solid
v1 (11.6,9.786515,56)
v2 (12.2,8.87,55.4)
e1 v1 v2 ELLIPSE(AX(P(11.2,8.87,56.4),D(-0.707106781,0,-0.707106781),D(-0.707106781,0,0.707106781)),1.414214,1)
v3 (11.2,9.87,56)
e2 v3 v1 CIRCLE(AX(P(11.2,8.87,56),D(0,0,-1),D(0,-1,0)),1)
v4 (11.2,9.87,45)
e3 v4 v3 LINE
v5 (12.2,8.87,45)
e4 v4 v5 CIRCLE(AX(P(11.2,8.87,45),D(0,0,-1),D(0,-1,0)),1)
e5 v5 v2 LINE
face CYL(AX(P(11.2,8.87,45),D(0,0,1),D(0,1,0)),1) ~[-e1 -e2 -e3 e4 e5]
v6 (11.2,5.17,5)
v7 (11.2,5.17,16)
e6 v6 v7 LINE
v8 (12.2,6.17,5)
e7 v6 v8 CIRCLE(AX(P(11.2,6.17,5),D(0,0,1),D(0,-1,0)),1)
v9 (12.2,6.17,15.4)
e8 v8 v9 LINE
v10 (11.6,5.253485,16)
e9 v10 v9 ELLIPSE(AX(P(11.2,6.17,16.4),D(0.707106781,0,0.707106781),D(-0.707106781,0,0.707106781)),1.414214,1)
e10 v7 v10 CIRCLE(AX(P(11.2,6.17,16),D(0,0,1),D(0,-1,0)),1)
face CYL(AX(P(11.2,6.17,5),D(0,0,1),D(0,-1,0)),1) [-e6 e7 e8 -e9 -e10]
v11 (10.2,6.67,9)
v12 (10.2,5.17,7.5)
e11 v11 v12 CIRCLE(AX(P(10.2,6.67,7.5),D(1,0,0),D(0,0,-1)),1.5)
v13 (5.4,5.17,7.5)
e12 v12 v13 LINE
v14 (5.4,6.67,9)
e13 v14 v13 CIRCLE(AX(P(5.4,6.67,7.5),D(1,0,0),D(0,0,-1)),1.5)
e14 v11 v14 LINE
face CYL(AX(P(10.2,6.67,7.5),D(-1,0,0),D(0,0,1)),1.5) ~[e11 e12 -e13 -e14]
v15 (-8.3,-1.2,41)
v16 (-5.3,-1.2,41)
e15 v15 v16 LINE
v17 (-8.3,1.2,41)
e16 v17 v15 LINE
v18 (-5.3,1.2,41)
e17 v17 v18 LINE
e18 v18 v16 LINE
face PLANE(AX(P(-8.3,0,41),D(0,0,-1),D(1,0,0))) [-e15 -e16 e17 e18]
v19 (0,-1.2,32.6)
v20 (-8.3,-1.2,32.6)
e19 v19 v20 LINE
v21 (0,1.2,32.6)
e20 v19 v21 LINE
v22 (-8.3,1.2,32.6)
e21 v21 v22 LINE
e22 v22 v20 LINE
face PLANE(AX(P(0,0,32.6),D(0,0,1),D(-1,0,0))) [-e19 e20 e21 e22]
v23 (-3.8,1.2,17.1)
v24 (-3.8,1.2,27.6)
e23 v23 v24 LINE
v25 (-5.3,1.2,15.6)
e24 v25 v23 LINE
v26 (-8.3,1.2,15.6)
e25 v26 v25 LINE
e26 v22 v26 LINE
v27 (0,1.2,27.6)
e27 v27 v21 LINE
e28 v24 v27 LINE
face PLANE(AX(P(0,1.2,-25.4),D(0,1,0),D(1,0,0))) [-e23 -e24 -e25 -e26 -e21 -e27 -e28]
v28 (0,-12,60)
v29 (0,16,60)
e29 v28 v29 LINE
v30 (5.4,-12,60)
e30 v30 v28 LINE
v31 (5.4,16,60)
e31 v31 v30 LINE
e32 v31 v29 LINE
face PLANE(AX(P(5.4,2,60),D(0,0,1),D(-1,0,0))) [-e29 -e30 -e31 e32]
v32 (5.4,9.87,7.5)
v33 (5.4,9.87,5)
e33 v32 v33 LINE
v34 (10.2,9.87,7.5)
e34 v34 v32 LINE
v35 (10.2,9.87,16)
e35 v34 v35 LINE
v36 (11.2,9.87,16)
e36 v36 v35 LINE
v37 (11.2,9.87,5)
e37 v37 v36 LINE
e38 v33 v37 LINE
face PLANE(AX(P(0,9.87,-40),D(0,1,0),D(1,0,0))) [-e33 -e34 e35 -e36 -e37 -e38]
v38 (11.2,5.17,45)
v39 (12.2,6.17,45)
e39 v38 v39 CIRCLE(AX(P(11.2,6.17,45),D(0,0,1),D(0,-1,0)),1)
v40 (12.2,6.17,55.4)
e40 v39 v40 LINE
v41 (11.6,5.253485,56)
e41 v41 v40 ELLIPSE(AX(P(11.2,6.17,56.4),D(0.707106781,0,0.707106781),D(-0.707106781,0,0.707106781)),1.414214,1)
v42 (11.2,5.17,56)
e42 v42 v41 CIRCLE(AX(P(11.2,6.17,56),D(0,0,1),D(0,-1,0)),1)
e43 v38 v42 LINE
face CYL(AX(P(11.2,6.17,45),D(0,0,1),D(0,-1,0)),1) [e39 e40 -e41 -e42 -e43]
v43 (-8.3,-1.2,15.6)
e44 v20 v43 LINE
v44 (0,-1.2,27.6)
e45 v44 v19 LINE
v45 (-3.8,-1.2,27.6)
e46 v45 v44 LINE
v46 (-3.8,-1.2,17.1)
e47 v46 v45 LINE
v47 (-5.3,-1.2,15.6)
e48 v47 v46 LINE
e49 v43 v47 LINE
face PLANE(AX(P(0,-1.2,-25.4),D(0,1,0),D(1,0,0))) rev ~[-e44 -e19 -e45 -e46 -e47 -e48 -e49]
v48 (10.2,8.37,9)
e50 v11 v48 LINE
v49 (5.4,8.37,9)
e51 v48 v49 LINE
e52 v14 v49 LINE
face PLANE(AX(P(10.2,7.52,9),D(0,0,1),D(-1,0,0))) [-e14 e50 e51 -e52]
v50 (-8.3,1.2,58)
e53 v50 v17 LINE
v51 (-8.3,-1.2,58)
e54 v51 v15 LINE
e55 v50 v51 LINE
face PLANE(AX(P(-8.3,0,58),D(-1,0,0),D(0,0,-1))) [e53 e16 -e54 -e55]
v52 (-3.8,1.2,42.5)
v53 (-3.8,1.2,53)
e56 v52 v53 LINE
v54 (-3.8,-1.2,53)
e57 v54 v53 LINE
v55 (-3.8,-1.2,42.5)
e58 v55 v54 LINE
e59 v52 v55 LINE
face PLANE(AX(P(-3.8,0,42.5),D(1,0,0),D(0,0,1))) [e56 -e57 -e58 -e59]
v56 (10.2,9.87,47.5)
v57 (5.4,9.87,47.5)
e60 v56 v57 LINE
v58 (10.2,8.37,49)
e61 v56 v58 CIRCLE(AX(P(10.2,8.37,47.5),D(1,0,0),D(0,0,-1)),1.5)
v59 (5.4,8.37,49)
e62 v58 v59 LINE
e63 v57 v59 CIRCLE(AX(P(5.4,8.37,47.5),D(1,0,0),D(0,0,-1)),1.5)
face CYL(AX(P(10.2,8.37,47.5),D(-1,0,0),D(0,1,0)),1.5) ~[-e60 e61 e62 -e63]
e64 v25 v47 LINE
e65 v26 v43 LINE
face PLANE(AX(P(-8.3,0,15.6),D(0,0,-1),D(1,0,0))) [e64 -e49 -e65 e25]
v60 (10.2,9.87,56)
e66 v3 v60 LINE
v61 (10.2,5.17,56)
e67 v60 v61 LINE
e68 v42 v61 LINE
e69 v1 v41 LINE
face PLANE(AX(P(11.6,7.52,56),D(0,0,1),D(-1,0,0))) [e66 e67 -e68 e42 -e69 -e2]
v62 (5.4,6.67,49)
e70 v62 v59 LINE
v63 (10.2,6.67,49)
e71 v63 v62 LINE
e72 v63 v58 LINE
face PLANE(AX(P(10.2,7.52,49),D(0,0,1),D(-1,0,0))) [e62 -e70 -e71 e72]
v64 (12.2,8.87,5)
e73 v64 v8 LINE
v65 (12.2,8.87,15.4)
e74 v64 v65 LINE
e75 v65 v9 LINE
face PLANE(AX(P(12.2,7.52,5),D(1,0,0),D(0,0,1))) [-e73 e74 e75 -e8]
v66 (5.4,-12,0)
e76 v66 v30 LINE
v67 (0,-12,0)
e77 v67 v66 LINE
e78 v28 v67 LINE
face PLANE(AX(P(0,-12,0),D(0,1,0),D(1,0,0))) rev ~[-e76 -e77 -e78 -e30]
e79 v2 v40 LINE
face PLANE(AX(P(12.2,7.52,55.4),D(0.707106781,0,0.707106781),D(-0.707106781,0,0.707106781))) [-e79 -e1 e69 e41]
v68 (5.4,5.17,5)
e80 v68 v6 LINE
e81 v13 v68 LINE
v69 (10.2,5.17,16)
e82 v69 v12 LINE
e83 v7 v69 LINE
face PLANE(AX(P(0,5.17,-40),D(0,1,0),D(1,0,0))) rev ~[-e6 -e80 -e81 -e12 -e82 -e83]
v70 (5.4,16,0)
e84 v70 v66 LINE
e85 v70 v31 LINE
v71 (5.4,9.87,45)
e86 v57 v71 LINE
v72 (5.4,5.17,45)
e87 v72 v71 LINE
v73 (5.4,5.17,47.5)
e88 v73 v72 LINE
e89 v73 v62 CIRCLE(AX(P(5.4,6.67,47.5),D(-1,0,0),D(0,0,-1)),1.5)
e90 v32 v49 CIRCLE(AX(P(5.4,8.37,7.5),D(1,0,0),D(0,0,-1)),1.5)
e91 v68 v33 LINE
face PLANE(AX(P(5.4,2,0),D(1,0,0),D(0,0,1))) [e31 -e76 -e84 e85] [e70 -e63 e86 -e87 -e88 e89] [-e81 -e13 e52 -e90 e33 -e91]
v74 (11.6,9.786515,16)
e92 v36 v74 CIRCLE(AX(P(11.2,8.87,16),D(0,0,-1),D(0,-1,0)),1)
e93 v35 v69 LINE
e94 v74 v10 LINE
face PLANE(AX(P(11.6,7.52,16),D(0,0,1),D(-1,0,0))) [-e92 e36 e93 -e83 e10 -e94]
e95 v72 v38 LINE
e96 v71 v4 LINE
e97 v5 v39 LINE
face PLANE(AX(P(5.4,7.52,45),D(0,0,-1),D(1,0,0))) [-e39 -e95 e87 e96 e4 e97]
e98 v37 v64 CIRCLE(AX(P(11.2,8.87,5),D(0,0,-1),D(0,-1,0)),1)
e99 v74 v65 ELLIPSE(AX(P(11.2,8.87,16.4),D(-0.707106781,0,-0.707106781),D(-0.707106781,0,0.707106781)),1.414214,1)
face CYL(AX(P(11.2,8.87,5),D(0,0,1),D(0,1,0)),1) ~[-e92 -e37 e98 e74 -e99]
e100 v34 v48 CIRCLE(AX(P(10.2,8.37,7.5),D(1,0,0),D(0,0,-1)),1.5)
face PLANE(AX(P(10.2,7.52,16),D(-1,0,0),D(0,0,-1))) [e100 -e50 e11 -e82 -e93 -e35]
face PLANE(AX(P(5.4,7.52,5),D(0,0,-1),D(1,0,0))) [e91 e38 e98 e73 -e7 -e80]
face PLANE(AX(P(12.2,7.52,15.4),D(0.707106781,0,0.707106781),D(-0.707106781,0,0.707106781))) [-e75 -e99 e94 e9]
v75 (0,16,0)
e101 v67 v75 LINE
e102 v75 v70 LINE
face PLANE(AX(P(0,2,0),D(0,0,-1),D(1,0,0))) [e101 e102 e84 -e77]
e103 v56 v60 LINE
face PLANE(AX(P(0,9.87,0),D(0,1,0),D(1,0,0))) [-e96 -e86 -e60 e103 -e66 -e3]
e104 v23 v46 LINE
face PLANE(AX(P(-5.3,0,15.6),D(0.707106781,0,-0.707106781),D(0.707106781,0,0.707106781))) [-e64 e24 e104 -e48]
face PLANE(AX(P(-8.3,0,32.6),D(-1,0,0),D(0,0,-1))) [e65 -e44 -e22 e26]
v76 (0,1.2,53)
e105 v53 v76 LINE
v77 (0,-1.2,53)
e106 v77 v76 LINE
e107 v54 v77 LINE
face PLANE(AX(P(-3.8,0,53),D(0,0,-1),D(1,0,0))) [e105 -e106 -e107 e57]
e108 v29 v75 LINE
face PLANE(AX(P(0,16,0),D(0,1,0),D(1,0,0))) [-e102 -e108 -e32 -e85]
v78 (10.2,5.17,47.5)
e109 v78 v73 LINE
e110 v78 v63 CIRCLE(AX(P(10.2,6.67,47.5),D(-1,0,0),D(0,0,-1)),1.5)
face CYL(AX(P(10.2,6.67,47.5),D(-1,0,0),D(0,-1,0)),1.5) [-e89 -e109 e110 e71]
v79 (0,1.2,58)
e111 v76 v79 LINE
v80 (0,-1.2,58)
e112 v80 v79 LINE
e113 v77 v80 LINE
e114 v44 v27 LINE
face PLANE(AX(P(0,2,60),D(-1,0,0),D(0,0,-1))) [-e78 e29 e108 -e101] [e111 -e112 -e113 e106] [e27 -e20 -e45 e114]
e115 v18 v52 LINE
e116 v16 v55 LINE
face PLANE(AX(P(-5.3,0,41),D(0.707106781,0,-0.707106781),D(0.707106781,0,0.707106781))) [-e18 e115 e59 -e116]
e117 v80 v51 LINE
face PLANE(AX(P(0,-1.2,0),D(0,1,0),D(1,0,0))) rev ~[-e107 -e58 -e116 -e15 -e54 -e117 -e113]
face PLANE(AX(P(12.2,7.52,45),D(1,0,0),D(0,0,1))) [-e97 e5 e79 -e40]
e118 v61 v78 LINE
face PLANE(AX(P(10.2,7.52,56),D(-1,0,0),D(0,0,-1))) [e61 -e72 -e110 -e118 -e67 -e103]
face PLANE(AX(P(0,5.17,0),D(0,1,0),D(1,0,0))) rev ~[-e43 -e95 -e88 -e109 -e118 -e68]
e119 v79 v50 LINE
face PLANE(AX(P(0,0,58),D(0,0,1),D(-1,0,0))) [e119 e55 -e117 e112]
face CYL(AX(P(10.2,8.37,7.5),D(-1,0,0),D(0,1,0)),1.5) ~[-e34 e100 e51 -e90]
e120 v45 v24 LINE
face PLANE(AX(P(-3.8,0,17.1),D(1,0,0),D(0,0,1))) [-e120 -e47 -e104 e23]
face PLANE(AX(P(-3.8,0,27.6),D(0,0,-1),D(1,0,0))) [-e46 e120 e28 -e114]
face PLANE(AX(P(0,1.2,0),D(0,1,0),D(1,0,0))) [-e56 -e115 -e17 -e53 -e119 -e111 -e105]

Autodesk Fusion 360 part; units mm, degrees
sketch "Plate" plane through (0, 0, 0) normal (0, 1, 0) x (1, 0, 0)
  line L0 (0, 0) -> (5.4, 0)
  line L1 (5.4, 0) -> (5.4, -60)
  line L2 (5.4, -60) -> (0, -60)
  line L3 (0, -60) -> (0, 0)
  dimension "d276" = 5.4
  dimension "d277" = 60
extrude "Plate (1)" add sketch "Plate" along normal mid plane 28 from surface at 2
sketch "Hook profile" plane through (0, 0, 0) normal (0, 1, 0) x (1, 0, 0)
  line L0 (0, -58) -> (-8.3, -58)
  line L1 (-8.3, -58) -> (-8.3, -41)
  line L2 (-8.3, -41) -> (-5.3, -41)
  line L3 (-5.3, -41) -> (-3.8, -42.5)
  line L4 (-3.8, -42.5) -> (-3.8, -53)
  line L5 (-3.8, -53) -> (0, -53)
  line L6 (0, -53) -> (0, -58)
  dimension "d281" = 58
  dimension "d282" = 8.3
  dimension "d283" = 3.8
  dimension "d284" = 5
  dimension "d285" = 10.5
  dimension "d286" = 1.5
  dimension "d287" = 1.5
extrude "Hook profile (1)" add sketch "Hook profile" along normal mid plane 2.4
pattern_linear "Hook rows" count 2 spacing 25.4 along (0, 0, -1) count 3 spacing 0 along (0, 0, 1) of "Hook profile (1)"
sketch "Peg profile" plane through (0, 0, 0) normal (0, 1, 0) x (1, 0, 0)
  line L0 (5.4, -45) -> (12.2, -45)
  line L1 (12.2, -45) -> (12.2, -55.4)
  line L2 (12.2, -55.4) -> (11.6, -56)
  line L3 (11.6, -56) -> (10.2, -56)
  line L4 (10.2, -56) -> (10.2, -49)
  line L5 (10.2, -49) -> (5.4, -49)
  line L6 (5.4, -49) -> (5.4, -45)
  dimension "d294" = 5.4
  dimension "d295" = 45
  dimension "d296" = 12.2
  dimension "d297" = 55.4
  dimension "d298" = 11.6
  dimension "d299" = 56
  dimension "d300" = 10.2
  dimension "d301" = 49
extrude "Peg profile (1)" add sketch "Peg profile" along normal mid plane 4.7 from surface at 7.52
pattern_linear "Peg rows" count 2 spacing 40 along (0, 0, -1) count 3 spacing 0 along (0, 0, 1) of "Peg profile (1)"
fillet "Peg bearing fillets" radius 1.5 4 edges at (7.8, 5.17, 9) (7.8, 9.87, 9) (7.8, 5.17, 49) (7.8, 9.87, 49)
fillet "Prong front fillets" radius 1 4 edges at (12.2, 9.87, 50.2) (12.2, 9.87, 10.2) (12.2, 5.17, 10.2) (12.2, 5.17, 50.2)
equation "bracketWidth = 24.0 mm" comment "bracket width across the upright"
equation "plateThickness = 5.4 mm" comment "board rear face sits on this"
equation "plateHeight = 60.0 mm" comment "plate height"
equation "slotWidth = 3.2 mm" comment "measured upright slot width"
equation "slotPitchVertical = 25.4 mm" comment "1 inch, measured"
equation "faceMetalThickness = 2.0 mm" comment "upright face metal"
equation "hookTabWidth = slotWidth - 0.8 mm" comment "blade width through the slot"
equation "hookThroat = faceMetalThickness + 1.8 mm" comment "gap behind the plate"
equation "hookNeckHeight = 5.0 mm" comment "bears on the slot bottom edge"
equation "hookLipThickness = 4.5 mm" comment "lip behind the upright face"
equation "hookLipDrop = 12.0 mm" comment "engagement below the neck"
equation "hookLipChamfer = 1.5 mm" comment "lead-in past slot burrs"
equation "topHookNeckTop = 58.0 mm" comment "top hook row"
equation "hookRows = 2" comment "hook rows (pattern count)"
equation "boardThickness = 4.6 mm" comment "SKADIS panel thickness"
equation "boardSlotWidth = 5.0 mm" comment "SKADIS slot width"
equation "boardSlotHeight = 15.0 mm" comment "SKADIS slot height"
equation "boardPitch = 40.0 mm" comment "SKADIS grid pitch"
equation "pegWidth = boardSlotWidth - pegClearance" comment "peg width in the slot"
equation "pegRootLength = boardThickness + pegRootProud" comment "root through the board"
equation "pegRootHeight = 4.0 mm" comment "slot top edge bears on this"
equation "pegProngThickness = 2.0 mm" comment "prong in front of board"
equation "pegTotalHeight = boardSlotHeight - 4 mm" comment "prong rise above the root, and the lift needed to release"
equation "pegProngChamfer = 0.6 mm" comment "lead-in on the prong top"
equation "pegBearingFillet = 1.5 mm" comment "round on the root top edges the board bears on"
equation "topPegRootZ = 45.0 mm" comment "top peg root, above the plate foot"
equation "pegRows = 2" comment "pegs per bracket (pattern count)"
equation "pegOffsetY = 7.52 mm" comment "offset onto the board's 40 mm grid"
equation "plateInboardExtension = 4.0 mm" comment "extra plate toward the desk centre, where the peg crowds"
equation "pegClearance = 0.3 mm" comment "sliding fit across the slot"
equation "pegRootProud = 0.2 mm" comment "root past the board's front face"
equation "pegProngFrontFillet = 1.0 mm" comment "round on the prong's front corners, where fingers meet it"
equation "d276 = plateThickness"
equation "d277 = plateHeight"
equation "d278 = plateInboardExtension / 2"
equation "d279 = bracketWidth + plateInboardExtension"
equation "d281 = topHookNeckTop"
equation "d282 = hookThroat + hookLipThickness"
equation "d283 = hookThroat"
equation "d284 = hookNeckHeight"
equation "d285 = hookLipDrop - hookLipChamfer"
equation "d286 = hookLipChamfer"
equation "d287 = hookLipChamfer"
equation "d288 = hookTabWidth"
equation "d290 = hookRows"
equation "d292 = -slotPitchVertical"
equation "d294 = plateThickness"
equation "d295 = topPegRootZ"
equation "d296 = plateThickness + pegRootLength + pegProngThickness"
equation "d297 = topPegRootZ + pegTotalHeight - pegProngChamfer"
equation "d298 = plateThickness + pegRootLength + pegProngThickness - pegProngChamfer"
equation "d299 = topPegRootZ + pegTotalHeight"
equation "d300 = plateThickness + pegRootLength"
equation "d301 = topPegRootZ + pegRootHeight"
equation "d302 = pegOffsetY"
equation "d303 = pegWidth"
equation "d305 = pegRows"
equation "d307 = -boardPitch"
equation "d310 = pegBearingFillet"
equation "d312 = pegProngFrontFillet"
